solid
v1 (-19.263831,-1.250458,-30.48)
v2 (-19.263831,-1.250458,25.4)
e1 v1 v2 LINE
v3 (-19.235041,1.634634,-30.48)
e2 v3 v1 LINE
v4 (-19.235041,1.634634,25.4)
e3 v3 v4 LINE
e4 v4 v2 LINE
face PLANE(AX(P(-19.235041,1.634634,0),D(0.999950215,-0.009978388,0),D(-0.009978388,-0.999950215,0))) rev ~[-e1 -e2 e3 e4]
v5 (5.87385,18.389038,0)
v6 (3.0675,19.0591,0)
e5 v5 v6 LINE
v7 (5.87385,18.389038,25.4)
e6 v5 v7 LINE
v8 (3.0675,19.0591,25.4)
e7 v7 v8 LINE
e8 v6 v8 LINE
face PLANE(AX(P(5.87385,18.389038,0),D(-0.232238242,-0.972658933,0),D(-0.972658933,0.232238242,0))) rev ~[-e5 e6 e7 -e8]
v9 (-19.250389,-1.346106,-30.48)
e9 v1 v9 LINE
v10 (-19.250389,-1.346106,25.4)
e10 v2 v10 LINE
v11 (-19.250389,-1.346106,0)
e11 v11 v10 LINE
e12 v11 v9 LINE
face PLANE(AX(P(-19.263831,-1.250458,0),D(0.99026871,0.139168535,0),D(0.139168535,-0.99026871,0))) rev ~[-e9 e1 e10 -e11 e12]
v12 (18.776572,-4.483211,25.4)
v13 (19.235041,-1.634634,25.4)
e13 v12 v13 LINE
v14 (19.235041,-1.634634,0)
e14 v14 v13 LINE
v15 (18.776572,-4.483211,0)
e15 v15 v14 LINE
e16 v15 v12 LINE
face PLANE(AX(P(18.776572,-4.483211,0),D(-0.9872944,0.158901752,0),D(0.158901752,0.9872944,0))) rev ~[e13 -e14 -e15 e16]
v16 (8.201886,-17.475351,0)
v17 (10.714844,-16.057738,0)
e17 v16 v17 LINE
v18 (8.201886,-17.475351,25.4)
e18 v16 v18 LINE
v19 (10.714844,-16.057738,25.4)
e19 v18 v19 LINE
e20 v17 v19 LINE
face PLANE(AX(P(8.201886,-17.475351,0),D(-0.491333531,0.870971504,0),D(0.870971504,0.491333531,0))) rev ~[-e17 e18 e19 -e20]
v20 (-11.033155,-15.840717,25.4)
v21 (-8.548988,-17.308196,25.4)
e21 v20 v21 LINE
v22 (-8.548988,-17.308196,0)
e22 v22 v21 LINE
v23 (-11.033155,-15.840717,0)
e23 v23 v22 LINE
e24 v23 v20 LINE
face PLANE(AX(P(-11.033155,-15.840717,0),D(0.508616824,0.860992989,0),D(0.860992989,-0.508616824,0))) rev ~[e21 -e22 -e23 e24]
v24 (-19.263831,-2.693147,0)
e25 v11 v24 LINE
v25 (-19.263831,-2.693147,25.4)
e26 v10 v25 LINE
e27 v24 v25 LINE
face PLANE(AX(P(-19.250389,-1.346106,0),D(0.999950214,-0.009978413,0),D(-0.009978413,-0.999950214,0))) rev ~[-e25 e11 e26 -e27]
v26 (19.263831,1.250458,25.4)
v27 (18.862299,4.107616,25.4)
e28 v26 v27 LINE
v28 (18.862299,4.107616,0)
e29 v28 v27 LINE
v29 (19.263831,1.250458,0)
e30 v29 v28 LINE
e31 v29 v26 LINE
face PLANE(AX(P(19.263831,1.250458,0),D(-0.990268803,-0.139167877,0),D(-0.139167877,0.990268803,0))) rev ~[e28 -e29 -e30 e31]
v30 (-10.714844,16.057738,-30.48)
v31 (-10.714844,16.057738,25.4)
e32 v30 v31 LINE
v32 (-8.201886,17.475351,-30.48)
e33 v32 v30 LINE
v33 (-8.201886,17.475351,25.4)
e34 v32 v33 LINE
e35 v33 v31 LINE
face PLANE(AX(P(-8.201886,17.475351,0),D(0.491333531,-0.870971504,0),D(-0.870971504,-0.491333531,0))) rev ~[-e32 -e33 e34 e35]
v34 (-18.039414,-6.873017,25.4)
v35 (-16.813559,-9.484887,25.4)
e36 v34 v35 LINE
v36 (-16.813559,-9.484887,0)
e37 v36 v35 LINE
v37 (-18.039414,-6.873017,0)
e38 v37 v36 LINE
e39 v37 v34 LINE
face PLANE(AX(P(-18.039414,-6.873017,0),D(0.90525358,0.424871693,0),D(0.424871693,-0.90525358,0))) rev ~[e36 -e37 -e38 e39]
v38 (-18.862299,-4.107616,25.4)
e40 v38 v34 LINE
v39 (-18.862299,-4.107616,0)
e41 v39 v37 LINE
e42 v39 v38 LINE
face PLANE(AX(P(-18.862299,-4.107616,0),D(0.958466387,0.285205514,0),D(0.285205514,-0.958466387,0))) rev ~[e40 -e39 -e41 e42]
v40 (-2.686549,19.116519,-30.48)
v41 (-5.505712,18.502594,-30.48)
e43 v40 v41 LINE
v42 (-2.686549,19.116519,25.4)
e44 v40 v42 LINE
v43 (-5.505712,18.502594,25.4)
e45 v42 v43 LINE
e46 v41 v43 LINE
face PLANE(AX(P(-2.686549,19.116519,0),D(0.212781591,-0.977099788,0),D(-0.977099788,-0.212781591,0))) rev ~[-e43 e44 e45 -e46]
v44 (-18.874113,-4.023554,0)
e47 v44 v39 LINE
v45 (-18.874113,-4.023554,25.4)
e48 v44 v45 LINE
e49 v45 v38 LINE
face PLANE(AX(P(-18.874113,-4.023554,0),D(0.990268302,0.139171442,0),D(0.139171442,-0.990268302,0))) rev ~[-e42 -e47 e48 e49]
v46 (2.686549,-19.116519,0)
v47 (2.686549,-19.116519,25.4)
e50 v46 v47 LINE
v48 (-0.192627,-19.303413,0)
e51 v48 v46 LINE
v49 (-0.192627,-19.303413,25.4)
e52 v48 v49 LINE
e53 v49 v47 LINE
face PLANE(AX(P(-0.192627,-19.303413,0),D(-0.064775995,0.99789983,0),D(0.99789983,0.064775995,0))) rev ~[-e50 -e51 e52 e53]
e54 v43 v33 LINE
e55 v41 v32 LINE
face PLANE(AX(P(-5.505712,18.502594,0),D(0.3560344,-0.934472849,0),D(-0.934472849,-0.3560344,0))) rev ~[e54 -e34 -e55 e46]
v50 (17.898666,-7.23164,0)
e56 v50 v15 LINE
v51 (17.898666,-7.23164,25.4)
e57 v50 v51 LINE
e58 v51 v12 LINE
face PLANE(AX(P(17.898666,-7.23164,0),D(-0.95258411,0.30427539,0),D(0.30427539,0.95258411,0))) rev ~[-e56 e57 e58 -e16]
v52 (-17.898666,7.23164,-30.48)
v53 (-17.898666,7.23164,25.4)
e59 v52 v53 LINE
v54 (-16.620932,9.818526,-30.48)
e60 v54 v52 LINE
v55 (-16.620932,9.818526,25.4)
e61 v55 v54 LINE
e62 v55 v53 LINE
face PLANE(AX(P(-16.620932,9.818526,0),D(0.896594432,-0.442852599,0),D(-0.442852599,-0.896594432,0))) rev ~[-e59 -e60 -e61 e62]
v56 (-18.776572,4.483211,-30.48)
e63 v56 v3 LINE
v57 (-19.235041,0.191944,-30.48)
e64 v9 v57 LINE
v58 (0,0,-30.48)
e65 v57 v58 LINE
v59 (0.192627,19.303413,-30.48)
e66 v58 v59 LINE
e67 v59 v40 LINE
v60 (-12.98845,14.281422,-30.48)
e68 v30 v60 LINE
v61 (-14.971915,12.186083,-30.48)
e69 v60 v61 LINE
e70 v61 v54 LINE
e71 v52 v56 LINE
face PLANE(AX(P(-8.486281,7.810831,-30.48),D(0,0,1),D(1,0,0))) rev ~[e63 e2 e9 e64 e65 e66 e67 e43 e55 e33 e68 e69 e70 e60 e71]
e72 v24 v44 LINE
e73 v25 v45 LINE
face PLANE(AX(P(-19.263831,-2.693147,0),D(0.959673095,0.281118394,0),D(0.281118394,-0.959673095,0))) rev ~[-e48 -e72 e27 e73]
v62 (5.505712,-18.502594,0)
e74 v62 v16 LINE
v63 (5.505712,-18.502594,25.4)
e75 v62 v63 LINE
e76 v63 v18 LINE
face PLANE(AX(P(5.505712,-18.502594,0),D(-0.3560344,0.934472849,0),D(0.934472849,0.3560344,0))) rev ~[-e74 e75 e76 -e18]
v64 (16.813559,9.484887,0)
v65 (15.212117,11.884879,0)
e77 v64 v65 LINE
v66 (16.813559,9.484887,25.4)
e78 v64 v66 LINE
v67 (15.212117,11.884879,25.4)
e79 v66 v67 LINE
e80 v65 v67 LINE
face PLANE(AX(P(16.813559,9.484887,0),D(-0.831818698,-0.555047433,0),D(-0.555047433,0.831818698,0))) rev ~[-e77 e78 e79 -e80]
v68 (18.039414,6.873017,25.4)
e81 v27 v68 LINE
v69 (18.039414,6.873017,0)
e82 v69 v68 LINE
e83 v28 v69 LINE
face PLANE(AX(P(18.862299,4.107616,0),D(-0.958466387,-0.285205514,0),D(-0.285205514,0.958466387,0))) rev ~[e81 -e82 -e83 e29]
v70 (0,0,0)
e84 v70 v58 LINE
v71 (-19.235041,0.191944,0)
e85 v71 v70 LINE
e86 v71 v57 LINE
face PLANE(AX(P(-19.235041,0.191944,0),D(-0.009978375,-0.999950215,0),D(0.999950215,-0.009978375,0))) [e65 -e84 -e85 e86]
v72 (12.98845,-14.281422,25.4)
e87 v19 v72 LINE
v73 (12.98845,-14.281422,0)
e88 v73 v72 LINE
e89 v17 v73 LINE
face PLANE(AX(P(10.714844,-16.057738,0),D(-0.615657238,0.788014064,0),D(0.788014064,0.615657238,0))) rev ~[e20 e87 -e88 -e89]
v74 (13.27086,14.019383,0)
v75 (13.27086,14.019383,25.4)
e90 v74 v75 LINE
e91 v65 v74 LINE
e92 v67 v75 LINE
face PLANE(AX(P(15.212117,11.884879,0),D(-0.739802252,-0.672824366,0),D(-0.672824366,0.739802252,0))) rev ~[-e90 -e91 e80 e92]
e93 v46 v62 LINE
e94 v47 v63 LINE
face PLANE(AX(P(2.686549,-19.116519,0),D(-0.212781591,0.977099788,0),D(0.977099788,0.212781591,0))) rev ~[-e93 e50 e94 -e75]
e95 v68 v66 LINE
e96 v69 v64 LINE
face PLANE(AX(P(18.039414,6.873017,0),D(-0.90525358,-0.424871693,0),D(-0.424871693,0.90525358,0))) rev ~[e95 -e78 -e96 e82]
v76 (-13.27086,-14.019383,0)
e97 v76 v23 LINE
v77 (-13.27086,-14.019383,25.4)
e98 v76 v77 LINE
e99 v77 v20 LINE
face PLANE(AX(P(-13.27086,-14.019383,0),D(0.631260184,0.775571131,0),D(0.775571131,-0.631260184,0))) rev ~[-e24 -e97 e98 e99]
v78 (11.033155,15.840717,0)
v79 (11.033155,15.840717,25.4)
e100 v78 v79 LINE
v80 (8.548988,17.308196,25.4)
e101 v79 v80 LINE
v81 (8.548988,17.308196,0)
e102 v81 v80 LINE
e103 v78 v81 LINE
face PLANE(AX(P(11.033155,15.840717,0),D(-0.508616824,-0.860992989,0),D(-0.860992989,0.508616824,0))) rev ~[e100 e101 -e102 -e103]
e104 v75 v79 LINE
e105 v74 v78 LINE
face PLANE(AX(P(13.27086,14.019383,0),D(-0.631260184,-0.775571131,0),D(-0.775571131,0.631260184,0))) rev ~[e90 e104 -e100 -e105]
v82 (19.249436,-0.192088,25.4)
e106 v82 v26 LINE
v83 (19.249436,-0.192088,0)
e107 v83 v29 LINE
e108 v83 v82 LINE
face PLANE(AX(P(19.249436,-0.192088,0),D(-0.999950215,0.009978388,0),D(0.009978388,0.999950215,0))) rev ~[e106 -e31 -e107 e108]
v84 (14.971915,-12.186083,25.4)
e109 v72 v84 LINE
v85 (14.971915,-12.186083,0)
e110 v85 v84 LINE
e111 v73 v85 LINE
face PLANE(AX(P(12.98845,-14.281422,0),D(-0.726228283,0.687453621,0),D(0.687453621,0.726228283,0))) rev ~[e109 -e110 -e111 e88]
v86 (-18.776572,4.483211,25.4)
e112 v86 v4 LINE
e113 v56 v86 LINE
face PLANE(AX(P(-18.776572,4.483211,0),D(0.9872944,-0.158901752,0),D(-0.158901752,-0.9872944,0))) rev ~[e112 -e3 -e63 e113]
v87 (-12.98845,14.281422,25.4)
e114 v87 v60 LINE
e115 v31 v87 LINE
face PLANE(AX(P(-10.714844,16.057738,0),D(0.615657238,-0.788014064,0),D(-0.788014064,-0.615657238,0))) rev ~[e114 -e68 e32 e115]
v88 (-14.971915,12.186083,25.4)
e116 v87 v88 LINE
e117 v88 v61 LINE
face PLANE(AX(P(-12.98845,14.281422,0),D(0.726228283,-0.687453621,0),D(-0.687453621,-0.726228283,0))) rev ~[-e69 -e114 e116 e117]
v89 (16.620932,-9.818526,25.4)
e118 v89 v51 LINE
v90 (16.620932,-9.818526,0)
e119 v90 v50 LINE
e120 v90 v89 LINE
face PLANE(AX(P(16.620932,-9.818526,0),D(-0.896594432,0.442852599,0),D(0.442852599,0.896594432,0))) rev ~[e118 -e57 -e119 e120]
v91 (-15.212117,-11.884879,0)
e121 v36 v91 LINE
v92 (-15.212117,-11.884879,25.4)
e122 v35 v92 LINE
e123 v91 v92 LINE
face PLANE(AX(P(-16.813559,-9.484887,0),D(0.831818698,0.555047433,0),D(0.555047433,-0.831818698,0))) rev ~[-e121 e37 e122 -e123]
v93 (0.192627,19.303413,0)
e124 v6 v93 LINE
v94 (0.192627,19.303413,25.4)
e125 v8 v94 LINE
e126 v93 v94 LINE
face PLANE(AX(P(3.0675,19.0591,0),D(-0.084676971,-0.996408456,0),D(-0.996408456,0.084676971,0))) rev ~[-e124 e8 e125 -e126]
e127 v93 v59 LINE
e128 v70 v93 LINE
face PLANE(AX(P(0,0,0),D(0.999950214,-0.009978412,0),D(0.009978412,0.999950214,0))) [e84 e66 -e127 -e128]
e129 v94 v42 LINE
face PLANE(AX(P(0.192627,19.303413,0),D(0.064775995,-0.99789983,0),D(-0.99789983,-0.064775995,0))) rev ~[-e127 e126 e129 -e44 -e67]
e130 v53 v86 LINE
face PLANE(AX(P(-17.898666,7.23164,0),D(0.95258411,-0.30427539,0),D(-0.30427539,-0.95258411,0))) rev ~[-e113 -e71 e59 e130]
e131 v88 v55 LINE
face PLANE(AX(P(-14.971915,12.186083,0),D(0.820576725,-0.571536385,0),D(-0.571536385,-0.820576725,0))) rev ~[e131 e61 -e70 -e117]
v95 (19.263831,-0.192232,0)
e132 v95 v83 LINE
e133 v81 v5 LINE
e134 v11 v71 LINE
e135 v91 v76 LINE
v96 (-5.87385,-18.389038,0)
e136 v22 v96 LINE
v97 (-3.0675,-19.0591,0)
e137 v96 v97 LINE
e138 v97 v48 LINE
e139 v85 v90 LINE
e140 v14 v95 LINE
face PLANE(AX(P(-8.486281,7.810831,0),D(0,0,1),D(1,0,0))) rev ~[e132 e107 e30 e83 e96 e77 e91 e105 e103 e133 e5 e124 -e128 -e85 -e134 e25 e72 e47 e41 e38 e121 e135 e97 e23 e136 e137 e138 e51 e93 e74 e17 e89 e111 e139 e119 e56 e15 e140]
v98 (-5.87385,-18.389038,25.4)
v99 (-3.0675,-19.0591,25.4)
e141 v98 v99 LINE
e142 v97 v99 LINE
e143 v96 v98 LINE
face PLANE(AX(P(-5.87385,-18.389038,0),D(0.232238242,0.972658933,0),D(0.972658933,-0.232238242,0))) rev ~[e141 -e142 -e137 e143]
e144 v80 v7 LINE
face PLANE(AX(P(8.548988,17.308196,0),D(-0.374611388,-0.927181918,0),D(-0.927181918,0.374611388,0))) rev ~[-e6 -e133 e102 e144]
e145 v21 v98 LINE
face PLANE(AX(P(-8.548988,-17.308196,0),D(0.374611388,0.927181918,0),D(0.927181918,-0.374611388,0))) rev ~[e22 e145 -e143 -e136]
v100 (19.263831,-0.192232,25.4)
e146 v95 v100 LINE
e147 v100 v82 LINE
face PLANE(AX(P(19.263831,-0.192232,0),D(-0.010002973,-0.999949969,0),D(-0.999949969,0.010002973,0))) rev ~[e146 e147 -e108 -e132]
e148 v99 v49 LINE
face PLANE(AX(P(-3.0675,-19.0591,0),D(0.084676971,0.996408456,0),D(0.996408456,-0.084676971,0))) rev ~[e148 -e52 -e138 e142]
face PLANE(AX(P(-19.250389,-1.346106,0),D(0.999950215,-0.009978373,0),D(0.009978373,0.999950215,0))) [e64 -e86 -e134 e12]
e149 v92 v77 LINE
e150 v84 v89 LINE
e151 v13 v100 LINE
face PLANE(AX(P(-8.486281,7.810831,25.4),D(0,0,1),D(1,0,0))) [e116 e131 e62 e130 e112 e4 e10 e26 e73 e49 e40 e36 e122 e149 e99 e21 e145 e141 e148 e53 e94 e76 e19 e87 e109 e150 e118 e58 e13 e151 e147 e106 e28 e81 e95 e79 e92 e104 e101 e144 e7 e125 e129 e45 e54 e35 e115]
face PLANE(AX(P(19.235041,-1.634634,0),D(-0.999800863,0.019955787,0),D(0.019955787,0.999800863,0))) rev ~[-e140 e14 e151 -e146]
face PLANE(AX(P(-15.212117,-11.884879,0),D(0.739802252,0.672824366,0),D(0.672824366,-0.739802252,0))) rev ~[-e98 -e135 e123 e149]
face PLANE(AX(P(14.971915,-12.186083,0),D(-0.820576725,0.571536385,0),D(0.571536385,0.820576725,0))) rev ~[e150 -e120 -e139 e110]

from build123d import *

# Parameters (mm, degrees)
F1_DEPTH = 30.48
F2_DEPTH = 25.4


with BuildPart() as f1:
    # F0 (on Top) → F1 (new body)
    with BuildSketch(Plane.XY):
        Polygon((-16.620932, 9.818526), (-17.898666, 7.23164), (-18.776572, 4.483211), (-19.235041, 1.634634), (-19.263831, -1.250458), (-19.250389, -1.346106), (-19.235041, 0.191944), (0, 0), (0.192627, 19.303413), (-2.686549, 19.116519), (-5.505712, 18.502594), (-8.201886, 17.475351), (-10.714844, 16.057738), (-12.98845, 14.281422), (-14.971915, 12.186083), align=None)
    extrude(amount=-F1_DEPTH)

    # F0 (on Top) → F2 (join)
    with BuildSketch(Plane.XY):
        Polygon((-16.620932, 9.818526), (-17.898666, 7.23164), (-18.776572, 4.483211), (-19.235041, 1.634634), (-19.263831, -1.250458), (-19.250389, -1.346106), (-19.235041, 0.191944), (0, 0), (0.192627, 19.303413), (-2.686549, 19.116519), (-5.505712, 18.502594), (-8.201886, 17.475351), (-10.714844, 16.057738), (-12.98845, 14.281422), (-14.971915, 12.186083), align=None)
        Polygon((-19.235041, 0.191944), (-19.250389, -1.346106), (-18.874113, -4.023554), (-18.039414, -6.873017), (-16.813559, -9.484887), (-15.212117, -11.884879), (-13.27086, -14.019383), (-11.033155, -15.840717), (-8.548988, -17.308196), (-5.87385, -18.389038), (-3.0675, -19.0591), (-0.192627, -19.303413), (0, 0), align=None)
        Polygon((-18.874113, -4.023554), (-19.250389, -1.346106), (-19.263831, -2.693147), align=None)
        Polygon((-18.039414, -6.873017), (-18.874113, -4.023554), (-18.862299, -4.107616), align=None)
        Polygon((0.192627, 19.303413), (0, 0), (19.249436, -0.192088), (19.263831, 1.250458), (18.862299, 4.107616), (18.039414, 6.873017), (16.813559, 9.484887), (15.212117, 11.884879), (13.27086, 14.019383), (11.033155, 15.840717), (8.548988, 17.308196), (5.87385, 18.389038), (3.0675, 19.0591), align=None)
        Polygon((19.249436, -0.192088), (0, 0), (-0.192627, -19.303413), (2.686549, -19.116519), (5.505712, -18.502594), (8.201886, -17.475351), (10.714844, -16.057738), (12.98845, -14.281422), (14.971915, -12.186083), (16.620932, -9.818526), (17.898666, -7.23164), (18.776572, -4.483211), (19.235041, -1.634634), align=None)
        Polygon((19.263831, -0.192232), (19.249436, -0.192088), (19.235041, -1.634634), align=None)
    extrude(amount=F2_DEPTH)


solid = f1.part
